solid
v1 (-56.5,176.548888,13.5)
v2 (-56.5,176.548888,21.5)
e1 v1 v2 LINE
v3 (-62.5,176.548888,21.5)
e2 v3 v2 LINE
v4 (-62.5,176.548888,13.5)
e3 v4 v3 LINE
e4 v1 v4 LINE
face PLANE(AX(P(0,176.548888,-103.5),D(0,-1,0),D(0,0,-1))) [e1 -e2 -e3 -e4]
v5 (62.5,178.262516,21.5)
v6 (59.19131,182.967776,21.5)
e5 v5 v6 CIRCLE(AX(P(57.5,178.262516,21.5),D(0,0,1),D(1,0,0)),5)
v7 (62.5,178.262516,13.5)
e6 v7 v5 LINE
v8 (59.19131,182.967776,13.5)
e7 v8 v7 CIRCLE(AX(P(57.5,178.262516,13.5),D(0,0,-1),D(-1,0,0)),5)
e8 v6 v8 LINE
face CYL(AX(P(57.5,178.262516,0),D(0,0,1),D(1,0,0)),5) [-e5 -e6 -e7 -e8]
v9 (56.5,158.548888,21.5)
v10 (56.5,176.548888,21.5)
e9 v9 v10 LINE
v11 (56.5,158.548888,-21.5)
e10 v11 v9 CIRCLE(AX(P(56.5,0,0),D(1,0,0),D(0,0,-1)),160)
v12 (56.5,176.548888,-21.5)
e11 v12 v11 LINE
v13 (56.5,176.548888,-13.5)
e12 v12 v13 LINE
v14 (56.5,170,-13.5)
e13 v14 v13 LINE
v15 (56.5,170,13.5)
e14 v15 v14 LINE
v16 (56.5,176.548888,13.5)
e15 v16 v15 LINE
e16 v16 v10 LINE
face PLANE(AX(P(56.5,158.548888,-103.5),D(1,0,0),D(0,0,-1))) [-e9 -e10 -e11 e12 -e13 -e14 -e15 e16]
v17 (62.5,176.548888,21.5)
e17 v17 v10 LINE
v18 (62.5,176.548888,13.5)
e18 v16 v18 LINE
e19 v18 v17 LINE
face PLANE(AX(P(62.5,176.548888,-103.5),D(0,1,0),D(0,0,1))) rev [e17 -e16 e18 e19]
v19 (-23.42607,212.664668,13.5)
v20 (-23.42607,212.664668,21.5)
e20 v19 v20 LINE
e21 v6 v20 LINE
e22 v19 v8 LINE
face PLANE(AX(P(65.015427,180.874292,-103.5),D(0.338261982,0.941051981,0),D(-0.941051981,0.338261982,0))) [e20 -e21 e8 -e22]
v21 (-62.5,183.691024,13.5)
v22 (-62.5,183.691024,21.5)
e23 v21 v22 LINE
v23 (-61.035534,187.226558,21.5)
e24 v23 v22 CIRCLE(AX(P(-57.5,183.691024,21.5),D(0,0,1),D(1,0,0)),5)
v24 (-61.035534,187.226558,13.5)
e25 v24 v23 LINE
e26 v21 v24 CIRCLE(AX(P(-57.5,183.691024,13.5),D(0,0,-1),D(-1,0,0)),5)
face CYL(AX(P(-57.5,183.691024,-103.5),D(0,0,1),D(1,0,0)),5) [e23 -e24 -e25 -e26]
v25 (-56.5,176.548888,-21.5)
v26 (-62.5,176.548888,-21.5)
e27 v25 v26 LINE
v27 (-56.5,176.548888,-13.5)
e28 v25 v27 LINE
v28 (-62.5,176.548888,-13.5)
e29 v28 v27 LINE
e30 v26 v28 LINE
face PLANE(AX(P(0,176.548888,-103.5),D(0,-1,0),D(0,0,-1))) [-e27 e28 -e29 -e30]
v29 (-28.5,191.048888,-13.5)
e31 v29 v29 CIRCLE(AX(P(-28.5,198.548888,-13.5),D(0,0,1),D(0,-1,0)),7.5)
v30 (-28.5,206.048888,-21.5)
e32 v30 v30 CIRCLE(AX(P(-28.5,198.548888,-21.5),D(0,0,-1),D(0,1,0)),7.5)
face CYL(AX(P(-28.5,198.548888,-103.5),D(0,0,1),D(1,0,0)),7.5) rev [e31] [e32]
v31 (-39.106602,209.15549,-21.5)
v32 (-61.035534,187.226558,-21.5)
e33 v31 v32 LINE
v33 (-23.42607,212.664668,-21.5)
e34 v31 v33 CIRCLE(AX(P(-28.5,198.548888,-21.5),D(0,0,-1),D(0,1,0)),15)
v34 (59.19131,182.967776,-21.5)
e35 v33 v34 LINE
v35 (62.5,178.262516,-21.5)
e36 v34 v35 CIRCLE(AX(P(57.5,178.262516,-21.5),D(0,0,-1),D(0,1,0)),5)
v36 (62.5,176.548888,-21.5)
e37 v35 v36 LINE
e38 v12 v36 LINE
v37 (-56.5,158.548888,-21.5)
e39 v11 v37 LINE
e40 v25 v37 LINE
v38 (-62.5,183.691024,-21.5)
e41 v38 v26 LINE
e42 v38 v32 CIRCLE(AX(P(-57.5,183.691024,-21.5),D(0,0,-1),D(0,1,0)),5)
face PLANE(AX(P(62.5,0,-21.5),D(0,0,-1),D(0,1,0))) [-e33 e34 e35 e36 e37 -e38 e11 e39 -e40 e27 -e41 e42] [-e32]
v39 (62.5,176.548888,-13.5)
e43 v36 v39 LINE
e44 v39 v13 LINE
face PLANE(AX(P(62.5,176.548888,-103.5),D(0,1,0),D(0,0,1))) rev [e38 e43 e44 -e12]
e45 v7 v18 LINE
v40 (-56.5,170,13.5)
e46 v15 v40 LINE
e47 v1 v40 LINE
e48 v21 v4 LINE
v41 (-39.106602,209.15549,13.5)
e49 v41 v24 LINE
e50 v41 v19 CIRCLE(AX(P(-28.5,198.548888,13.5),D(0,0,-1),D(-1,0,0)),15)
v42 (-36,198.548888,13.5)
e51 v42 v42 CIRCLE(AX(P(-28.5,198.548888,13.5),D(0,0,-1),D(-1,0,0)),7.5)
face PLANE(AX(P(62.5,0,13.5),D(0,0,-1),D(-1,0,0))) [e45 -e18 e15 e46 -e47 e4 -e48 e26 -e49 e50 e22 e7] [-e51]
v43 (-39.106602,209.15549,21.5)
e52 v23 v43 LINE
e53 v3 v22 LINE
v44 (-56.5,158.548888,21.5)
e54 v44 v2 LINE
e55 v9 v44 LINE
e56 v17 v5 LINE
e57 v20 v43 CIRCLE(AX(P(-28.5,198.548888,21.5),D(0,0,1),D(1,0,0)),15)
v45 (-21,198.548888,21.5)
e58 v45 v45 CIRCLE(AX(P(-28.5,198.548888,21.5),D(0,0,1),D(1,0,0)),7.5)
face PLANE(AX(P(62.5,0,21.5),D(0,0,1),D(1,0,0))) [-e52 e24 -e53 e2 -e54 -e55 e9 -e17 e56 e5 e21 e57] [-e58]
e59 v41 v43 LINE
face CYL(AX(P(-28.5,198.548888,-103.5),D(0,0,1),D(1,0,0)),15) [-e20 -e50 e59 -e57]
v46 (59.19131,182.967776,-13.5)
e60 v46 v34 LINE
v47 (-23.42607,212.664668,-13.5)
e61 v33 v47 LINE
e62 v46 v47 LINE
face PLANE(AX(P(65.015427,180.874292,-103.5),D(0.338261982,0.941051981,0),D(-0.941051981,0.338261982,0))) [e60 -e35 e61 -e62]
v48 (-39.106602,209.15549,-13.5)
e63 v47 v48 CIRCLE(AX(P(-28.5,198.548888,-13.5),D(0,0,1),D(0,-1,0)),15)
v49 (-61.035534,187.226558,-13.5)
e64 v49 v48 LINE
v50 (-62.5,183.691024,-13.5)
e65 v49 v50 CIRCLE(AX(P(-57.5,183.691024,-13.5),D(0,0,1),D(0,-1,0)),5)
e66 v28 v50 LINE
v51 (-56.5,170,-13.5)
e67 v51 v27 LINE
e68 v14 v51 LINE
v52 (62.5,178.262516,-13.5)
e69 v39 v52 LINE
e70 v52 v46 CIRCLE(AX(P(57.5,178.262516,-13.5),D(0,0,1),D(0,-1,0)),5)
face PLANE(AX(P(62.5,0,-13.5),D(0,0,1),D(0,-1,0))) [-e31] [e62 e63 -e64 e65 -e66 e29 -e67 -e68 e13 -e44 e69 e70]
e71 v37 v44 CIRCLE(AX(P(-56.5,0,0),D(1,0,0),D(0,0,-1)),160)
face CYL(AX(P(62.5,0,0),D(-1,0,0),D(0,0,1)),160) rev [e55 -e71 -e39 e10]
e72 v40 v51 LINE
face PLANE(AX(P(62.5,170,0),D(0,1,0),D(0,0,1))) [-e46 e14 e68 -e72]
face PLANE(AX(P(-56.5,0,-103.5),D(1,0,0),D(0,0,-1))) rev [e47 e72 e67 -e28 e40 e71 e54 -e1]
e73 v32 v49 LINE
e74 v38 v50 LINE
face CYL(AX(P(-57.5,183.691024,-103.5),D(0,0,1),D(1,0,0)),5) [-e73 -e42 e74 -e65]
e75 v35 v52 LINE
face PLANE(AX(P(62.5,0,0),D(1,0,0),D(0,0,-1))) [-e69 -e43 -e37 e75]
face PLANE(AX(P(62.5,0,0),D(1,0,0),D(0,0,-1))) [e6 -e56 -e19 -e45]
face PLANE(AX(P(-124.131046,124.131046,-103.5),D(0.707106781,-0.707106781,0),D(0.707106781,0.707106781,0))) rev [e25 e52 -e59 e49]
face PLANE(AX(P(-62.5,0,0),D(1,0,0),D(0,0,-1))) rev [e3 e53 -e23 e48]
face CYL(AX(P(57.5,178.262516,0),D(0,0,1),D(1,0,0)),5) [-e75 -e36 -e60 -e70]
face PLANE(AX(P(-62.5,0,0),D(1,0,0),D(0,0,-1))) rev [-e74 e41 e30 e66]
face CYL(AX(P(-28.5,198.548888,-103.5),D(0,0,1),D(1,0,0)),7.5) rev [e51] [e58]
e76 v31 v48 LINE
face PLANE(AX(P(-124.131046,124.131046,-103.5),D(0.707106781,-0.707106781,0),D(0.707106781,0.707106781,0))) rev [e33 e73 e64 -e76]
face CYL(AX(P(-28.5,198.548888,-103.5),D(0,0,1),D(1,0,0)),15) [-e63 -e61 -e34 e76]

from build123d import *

# Parameters (mm, degrees)
BOSS_EXTRUDE2_DEPTH = 62.5
SKETCH4_R           = 7.5
SKETCH4_W           = 6
SKETCH4_H           = 18
CUT_EXTRUDE1_DEPTH  = 125
FILLET1_R           = 5


with BuildPart() as part:
    # Sketch3 → Boss-Extrude2 (new body, symmetric)
    with BuildSketch(Plane(origin=(0, 0, 0), x_dir=(0, 0, -1), z_dir=(1, 0, 0))):
        with BuildLine():
            Line((-21.5, 213.548888359), (-21.5, 158.548888359))
            ThreePointArc((-21.5, 158.548888359), (0, 160), (21.5, 158.548888359))
            Line((21.5, 158.548888359), (21.5, 213.548888359))
            Line((21.5, 213.548888359), (13.5, 213.548888359))
            Line((13.5, 213.548888359), (13.5, 170))
            Line((13.5, 170), (-13.5, 170))
            Line((-13.5, 170), (-13.5, 213.548888359))
            Line((-13.5, 213.548888359), (-21.5, 213.548888359))
        make_face()
    extrude(amount=BOSS_EXTRUDE2_DEPTH, both=True)

    # Sketch4 → Cut-Extrude1 (cut)
    with BuildSketch(Plane.XY.offset(21.5)):
        with BuildLine():
            Line((62.5, 213.548888359), (-28.5, 213.548888359))
            ThreePointArc((-28.5, 213.548888359), (-25.924800571, 213.326179989), (-23.426070272, 212.66466808))
            Line((-23.426070272, 212.66466808), (62.5, 181.778464764))
            Line((62.5, 181.778464764), (62.5, 213.548888359))
        make_face()
        with BuildLine():
            ThreePointArc((-62.5, 183.691023983), (-62.119397663, 185.604441145), (-61.035533906, 187.226557889))
            Line((-61.035533906, 187.226557889), (-39.106601718, 209.155490077))
            ThreePointArc((-39.106601718, 209.155490077), (-34.240251485, 212.407081347), (-28.5, 213.548888359))
            Line((-28.5, 213.548888359), (-62.5, 213.548888359))
            Line((-62.5, 213.548888359), (-62.5, 183.691023983))
        make_face()
        Polygon((-56.5, 176.548888359), (-62.5, 176.548888359), (-62.5, 173.092612301), (-62.5, 158.548888359), (-56.5, 158.548888359), align=None)
        with Locations((-28.5, 198.548888359)):
            Circle(SKETCH4_R)
        with Locations((59.5, 167.548888359)):
            Rectangle(SKETCH4_W, SKETCH4_H)
    extrude(amount=-CUT_EXTRUDE1_DEPTH, mode=Mode.SUBTRACT)

    # Fillet1
    fillet1_edges = [part.edges().sort_by_distance(p)[0] for p in [
        (62.5, 181.778464764, 17.5),
        (62.5, 181.778464764, -17.5),
    ]]
    fillet(fillet1_edges, radius=FILLET1_R)


solid = part.part
